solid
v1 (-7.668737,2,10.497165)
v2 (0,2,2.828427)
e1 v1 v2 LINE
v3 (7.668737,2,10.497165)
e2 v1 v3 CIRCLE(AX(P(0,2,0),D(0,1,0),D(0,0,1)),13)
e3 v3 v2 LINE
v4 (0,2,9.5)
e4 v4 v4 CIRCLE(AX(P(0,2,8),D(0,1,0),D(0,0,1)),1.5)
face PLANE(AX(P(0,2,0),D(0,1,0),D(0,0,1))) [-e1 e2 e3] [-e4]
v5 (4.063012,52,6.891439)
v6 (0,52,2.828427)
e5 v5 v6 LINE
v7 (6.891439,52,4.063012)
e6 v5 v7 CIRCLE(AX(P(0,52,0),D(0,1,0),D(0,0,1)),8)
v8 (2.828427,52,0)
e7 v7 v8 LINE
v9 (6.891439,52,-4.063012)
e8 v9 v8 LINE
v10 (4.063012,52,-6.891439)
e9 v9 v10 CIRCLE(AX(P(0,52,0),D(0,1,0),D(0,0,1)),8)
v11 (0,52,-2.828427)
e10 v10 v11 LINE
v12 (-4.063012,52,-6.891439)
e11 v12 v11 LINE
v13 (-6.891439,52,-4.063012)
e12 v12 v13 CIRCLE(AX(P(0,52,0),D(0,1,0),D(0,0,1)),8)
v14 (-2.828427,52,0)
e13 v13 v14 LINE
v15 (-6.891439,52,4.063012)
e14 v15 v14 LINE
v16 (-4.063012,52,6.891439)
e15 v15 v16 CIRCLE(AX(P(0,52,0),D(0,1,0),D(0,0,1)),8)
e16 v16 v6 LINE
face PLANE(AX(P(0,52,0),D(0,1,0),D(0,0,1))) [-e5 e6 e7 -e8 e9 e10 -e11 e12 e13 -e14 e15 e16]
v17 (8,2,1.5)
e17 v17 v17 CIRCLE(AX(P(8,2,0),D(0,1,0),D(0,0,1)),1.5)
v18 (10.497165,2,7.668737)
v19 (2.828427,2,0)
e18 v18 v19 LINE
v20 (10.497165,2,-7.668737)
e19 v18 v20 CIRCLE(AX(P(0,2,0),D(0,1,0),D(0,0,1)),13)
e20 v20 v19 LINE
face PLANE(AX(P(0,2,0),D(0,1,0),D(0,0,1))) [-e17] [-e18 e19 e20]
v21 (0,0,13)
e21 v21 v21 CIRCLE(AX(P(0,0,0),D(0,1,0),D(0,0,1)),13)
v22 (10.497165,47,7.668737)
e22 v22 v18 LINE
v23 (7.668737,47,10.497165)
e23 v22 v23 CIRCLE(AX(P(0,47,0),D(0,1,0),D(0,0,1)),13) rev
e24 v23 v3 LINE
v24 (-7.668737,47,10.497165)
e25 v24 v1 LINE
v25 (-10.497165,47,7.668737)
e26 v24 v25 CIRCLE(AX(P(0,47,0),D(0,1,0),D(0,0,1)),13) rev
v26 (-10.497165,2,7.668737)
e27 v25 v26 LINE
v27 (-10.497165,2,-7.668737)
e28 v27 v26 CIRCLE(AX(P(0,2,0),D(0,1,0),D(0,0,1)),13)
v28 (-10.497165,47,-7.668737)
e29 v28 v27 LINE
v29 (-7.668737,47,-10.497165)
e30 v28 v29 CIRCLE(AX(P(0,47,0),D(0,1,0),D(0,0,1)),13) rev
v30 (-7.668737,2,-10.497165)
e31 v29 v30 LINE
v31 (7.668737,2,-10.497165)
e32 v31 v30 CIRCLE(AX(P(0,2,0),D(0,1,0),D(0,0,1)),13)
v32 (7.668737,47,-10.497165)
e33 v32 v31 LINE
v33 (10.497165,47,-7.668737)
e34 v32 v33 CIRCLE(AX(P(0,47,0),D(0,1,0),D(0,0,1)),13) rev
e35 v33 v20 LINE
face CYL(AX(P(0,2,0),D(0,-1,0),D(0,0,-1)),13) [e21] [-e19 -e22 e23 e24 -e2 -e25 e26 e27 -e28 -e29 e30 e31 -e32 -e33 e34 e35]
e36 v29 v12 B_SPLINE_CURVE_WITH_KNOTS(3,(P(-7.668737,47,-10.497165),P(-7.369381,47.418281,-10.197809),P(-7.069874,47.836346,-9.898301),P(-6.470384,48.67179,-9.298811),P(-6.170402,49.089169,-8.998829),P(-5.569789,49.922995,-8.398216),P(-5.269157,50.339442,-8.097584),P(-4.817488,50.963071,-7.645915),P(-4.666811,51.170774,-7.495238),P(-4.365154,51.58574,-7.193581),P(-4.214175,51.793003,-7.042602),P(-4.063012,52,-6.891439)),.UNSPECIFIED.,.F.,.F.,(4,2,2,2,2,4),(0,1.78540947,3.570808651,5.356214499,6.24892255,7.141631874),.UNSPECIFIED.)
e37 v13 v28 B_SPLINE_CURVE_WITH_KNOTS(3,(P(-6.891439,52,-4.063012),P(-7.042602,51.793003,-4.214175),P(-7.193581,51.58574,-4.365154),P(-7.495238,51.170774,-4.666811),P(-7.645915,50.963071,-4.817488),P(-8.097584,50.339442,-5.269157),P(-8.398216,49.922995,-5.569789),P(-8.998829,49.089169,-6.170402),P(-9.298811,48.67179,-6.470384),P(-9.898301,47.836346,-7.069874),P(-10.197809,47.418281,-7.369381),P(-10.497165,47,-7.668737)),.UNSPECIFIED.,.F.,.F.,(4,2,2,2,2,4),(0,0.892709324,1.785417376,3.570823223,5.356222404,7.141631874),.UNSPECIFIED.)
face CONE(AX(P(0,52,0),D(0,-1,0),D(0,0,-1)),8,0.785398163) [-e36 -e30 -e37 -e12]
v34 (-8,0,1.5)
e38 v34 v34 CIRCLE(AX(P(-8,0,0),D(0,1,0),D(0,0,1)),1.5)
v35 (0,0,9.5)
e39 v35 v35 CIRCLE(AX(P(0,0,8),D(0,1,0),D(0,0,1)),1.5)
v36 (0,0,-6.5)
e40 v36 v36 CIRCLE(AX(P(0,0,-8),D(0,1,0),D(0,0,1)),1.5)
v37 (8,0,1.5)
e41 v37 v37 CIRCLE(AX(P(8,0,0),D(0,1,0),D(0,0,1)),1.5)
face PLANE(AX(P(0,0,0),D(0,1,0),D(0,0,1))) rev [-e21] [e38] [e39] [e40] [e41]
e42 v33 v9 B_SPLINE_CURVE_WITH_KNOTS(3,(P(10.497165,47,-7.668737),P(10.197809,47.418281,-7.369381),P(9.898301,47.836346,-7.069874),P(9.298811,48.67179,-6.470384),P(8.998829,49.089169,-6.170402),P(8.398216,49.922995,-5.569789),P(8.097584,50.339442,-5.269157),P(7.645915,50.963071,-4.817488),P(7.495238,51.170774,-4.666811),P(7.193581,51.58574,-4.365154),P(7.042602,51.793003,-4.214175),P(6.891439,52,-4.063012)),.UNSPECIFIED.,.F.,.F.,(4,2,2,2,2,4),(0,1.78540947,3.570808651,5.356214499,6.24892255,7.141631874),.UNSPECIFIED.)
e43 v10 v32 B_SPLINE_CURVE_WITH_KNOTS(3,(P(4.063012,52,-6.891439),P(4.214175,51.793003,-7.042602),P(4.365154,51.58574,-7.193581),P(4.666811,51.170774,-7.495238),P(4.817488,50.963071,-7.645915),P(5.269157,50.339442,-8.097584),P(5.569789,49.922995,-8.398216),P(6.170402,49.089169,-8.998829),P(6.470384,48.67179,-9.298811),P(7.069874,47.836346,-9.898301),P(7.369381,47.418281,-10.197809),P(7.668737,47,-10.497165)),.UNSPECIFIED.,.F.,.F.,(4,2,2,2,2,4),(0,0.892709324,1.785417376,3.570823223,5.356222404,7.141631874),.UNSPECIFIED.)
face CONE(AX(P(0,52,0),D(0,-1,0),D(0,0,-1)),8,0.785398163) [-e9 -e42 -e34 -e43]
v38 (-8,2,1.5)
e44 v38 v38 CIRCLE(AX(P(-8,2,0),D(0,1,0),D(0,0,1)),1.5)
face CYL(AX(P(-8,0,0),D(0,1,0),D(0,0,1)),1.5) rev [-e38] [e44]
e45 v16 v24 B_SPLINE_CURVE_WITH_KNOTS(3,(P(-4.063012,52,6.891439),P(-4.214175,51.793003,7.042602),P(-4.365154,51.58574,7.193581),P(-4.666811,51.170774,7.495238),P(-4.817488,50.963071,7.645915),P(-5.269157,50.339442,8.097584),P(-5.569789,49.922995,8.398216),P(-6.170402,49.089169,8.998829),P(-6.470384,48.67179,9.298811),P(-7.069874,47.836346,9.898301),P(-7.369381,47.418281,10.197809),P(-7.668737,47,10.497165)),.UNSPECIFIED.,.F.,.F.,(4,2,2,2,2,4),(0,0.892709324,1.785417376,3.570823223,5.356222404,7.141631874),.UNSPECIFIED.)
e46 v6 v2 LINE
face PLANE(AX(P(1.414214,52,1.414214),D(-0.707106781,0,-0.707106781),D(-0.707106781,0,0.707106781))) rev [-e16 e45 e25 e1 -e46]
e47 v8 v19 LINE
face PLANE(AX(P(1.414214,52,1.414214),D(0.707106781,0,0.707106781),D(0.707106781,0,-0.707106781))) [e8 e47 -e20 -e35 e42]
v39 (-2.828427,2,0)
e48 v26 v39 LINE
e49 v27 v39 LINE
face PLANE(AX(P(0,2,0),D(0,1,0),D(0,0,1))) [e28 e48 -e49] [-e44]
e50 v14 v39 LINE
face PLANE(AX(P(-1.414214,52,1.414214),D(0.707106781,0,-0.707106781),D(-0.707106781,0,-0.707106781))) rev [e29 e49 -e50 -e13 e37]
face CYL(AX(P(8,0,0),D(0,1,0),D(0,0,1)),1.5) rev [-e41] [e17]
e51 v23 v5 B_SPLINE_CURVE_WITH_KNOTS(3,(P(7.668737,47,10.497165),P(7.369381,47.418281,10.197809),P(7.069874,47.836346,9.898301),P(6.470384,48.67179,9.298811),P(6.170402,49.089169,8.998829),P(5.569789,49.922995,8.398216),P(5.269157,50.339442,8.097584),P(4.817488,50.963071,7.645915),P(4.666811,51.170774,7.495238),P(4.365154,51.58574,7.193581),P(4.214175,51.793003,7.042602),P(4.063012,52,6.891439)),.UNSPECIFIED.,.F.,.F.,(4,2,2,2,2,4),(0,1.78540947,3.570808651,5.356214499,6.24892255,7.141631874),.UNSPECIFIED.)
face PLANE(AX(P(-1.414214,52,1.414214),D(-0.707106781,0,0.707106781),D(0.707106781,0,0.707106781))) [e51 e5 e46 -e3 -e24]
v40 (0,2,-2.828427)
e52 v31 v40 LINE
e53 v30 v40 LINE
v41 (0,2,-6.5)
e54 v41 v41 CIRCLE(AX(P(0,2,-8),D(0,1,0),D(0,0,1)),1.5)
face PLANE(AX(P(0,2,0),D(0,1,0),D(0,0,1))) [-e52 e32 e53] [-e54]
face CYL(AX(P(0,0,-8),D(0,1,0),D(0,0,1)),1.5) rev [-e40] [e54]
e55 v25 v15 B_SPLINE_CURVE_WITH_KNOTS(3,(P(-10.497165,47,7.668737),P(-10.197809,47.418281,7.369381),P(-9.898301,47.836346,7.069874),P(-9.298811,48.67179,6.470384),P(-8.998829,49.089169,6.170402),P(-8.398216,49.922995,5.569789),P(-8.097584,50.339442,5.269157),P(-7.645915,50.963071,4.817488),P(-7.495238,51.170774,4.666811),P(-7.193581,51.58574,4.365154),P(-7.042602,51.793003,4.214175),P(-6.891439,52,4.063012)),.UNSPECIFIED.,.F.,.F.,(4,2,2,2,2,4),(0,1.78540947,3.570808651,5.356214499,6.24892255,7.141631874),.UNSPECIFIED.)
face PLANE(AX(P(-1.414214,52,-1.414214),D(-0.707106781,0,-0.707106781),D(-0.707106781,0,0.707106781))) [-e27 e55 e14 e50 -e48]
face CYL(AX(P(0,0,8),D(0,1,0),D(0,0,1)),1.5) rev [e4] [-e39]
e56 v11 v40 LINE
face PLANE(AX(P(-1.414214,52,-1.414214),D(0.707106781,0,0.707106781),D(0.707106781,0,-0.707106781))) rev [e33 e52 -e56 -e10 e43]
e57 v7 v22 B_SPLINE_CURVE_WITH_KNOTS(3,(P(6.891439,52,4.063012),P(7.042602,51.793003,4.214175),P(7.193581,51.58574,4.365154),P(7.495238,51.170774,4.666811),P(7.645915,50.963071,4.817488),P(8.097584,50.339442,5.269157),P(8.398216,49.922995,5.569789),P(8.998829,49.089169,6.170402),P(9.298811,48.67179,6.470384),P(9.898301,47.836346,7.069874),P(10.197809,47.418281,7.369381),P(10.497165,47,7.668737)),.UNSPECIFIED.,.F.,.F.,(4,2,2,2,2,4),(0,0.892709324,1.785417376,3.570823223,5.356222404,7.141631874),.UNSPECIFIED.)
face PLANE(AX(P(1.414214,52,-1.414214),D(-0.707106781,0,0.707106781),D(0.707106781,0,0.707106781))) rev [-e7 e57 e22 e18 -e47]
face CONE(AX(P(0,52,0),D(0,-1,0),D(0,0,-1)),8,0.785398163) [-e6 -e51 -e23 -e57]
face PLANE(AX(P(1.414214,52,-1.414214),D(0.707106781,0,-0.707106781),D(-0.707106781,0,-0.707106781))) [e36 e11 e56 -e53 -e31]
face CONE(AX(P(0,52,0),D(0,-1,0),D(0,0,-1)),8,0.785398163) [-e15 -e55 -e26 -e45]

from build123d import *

# Parameters (mm, degrees)
SKETCH1_R           = 13
BOSS_EXTRUDE1_DEPTH = 2
SKETCH2_R           = 1.5
CUT_EXTRUDE1_DEPTH  = 19.493242009
BOSS_EXTRUDE2_DEPTH = 50
CHAMFER1_SIZE       = 5


with BuildPart() as part:
    # Sketch1 → Boss-Extrude1 (new body)
    with BuildSketch(Plane(origin=(0, 0, 0), x_dir=(1, 0, 0), z_dir=(0, 1, 0))):
        with Locations(Location((0, 0, 0), (0, 0, 270))):
            Circle(SKETCH1_R)
    extrude(amount=BOSS_EXTRUDE1_DEPTH)

    # Sketch2 → Cut-Extrude1 (cut, through all)
    with BuildSketch(Plane(origin=(0, 2, 0), x_dir=(1, 0, 0), z_dir=(0, 1, 0))):
        with Locations(Location((-8, 0, 0), (0, 0, 270))):
            Circle(SKETCH2_R)
        with Locations(Location((0, 8, 0), (0, 0, 270))):
            Circle(SKETCH2_R)
        with Locations(Location((8, 0, 0), (0, 0, 270))):
            Circle(SKETCH2_R)
        with Locations(Location((0, -8, 0), (0, 0, 270))):
            Circle(SKETCH2_R)
    extrude(amount=-CUT_EXTRUDE1_DEPTH, mode=Mode.SUBTRACT)

    # Sketch3 → Boss-Extrude2 (add)
    with BuildSketch(Plane(origin=(0, 2, 0), x_dir=(1, 0, 0), z_dir=(0, 1, 0))):
        with BuildLine():
            ThreePointArc((-7.6687375, 10.497164625), (-9.192388155, 9.192388155), (-10.497164625, 7.6687375))
            Line((-10.497164625, 7.6687375), (-2.828427125, 0))
            Line((-2.828427125, 0), (-10.497164625, -7.6687375))
            ThreePointArc((-10.497164625, -7.6687375), (-9.192388155, -9.192388155), (-7.6687375, -10.497164625))
            Line((-7.6687375, -10.497164625), (0, -2.828427125))
            Line((0, -2.828427125), (7.6687375, -10.497164625))
            ThreePointArc((7.6687375, -10.497164625), (9.192388155, -9.192388155), (10.497164625, -7.6687375))
            Line((10.497164625, -7.6687375), (2.828427125, 0))
            Line((2.828427125, 0), (10.497164625, 7.6687375))
            ThreePointArc((10.497164625, 7.6687375), (9.192388155, 9.192388155), (7.6687375, 10.497164625))
            Line((7.6687375, 10.497164625), (0, 2.828427125))
            Line((0, 2.828427125), (-7.6687375, 10.497164625))
        make_face()
    extrude(amount=BOSS_EXTRUDE2_DEPTH)

    # Chamfer1
    chamfer1_edges = [part.edges().sort_by_distance(p)[0] for p in [
        (-9.192388155, 52, 9.192388155),
        (9.192388155, 52, 9.192388155),
        (9.192388155, 52, -9.192388155),
        (-9.192388155, 52, -9.192388155),
    ]]
    chamfer(chamfer1_edges, length=CHAMFER1_SIZE)


solid = part.part
